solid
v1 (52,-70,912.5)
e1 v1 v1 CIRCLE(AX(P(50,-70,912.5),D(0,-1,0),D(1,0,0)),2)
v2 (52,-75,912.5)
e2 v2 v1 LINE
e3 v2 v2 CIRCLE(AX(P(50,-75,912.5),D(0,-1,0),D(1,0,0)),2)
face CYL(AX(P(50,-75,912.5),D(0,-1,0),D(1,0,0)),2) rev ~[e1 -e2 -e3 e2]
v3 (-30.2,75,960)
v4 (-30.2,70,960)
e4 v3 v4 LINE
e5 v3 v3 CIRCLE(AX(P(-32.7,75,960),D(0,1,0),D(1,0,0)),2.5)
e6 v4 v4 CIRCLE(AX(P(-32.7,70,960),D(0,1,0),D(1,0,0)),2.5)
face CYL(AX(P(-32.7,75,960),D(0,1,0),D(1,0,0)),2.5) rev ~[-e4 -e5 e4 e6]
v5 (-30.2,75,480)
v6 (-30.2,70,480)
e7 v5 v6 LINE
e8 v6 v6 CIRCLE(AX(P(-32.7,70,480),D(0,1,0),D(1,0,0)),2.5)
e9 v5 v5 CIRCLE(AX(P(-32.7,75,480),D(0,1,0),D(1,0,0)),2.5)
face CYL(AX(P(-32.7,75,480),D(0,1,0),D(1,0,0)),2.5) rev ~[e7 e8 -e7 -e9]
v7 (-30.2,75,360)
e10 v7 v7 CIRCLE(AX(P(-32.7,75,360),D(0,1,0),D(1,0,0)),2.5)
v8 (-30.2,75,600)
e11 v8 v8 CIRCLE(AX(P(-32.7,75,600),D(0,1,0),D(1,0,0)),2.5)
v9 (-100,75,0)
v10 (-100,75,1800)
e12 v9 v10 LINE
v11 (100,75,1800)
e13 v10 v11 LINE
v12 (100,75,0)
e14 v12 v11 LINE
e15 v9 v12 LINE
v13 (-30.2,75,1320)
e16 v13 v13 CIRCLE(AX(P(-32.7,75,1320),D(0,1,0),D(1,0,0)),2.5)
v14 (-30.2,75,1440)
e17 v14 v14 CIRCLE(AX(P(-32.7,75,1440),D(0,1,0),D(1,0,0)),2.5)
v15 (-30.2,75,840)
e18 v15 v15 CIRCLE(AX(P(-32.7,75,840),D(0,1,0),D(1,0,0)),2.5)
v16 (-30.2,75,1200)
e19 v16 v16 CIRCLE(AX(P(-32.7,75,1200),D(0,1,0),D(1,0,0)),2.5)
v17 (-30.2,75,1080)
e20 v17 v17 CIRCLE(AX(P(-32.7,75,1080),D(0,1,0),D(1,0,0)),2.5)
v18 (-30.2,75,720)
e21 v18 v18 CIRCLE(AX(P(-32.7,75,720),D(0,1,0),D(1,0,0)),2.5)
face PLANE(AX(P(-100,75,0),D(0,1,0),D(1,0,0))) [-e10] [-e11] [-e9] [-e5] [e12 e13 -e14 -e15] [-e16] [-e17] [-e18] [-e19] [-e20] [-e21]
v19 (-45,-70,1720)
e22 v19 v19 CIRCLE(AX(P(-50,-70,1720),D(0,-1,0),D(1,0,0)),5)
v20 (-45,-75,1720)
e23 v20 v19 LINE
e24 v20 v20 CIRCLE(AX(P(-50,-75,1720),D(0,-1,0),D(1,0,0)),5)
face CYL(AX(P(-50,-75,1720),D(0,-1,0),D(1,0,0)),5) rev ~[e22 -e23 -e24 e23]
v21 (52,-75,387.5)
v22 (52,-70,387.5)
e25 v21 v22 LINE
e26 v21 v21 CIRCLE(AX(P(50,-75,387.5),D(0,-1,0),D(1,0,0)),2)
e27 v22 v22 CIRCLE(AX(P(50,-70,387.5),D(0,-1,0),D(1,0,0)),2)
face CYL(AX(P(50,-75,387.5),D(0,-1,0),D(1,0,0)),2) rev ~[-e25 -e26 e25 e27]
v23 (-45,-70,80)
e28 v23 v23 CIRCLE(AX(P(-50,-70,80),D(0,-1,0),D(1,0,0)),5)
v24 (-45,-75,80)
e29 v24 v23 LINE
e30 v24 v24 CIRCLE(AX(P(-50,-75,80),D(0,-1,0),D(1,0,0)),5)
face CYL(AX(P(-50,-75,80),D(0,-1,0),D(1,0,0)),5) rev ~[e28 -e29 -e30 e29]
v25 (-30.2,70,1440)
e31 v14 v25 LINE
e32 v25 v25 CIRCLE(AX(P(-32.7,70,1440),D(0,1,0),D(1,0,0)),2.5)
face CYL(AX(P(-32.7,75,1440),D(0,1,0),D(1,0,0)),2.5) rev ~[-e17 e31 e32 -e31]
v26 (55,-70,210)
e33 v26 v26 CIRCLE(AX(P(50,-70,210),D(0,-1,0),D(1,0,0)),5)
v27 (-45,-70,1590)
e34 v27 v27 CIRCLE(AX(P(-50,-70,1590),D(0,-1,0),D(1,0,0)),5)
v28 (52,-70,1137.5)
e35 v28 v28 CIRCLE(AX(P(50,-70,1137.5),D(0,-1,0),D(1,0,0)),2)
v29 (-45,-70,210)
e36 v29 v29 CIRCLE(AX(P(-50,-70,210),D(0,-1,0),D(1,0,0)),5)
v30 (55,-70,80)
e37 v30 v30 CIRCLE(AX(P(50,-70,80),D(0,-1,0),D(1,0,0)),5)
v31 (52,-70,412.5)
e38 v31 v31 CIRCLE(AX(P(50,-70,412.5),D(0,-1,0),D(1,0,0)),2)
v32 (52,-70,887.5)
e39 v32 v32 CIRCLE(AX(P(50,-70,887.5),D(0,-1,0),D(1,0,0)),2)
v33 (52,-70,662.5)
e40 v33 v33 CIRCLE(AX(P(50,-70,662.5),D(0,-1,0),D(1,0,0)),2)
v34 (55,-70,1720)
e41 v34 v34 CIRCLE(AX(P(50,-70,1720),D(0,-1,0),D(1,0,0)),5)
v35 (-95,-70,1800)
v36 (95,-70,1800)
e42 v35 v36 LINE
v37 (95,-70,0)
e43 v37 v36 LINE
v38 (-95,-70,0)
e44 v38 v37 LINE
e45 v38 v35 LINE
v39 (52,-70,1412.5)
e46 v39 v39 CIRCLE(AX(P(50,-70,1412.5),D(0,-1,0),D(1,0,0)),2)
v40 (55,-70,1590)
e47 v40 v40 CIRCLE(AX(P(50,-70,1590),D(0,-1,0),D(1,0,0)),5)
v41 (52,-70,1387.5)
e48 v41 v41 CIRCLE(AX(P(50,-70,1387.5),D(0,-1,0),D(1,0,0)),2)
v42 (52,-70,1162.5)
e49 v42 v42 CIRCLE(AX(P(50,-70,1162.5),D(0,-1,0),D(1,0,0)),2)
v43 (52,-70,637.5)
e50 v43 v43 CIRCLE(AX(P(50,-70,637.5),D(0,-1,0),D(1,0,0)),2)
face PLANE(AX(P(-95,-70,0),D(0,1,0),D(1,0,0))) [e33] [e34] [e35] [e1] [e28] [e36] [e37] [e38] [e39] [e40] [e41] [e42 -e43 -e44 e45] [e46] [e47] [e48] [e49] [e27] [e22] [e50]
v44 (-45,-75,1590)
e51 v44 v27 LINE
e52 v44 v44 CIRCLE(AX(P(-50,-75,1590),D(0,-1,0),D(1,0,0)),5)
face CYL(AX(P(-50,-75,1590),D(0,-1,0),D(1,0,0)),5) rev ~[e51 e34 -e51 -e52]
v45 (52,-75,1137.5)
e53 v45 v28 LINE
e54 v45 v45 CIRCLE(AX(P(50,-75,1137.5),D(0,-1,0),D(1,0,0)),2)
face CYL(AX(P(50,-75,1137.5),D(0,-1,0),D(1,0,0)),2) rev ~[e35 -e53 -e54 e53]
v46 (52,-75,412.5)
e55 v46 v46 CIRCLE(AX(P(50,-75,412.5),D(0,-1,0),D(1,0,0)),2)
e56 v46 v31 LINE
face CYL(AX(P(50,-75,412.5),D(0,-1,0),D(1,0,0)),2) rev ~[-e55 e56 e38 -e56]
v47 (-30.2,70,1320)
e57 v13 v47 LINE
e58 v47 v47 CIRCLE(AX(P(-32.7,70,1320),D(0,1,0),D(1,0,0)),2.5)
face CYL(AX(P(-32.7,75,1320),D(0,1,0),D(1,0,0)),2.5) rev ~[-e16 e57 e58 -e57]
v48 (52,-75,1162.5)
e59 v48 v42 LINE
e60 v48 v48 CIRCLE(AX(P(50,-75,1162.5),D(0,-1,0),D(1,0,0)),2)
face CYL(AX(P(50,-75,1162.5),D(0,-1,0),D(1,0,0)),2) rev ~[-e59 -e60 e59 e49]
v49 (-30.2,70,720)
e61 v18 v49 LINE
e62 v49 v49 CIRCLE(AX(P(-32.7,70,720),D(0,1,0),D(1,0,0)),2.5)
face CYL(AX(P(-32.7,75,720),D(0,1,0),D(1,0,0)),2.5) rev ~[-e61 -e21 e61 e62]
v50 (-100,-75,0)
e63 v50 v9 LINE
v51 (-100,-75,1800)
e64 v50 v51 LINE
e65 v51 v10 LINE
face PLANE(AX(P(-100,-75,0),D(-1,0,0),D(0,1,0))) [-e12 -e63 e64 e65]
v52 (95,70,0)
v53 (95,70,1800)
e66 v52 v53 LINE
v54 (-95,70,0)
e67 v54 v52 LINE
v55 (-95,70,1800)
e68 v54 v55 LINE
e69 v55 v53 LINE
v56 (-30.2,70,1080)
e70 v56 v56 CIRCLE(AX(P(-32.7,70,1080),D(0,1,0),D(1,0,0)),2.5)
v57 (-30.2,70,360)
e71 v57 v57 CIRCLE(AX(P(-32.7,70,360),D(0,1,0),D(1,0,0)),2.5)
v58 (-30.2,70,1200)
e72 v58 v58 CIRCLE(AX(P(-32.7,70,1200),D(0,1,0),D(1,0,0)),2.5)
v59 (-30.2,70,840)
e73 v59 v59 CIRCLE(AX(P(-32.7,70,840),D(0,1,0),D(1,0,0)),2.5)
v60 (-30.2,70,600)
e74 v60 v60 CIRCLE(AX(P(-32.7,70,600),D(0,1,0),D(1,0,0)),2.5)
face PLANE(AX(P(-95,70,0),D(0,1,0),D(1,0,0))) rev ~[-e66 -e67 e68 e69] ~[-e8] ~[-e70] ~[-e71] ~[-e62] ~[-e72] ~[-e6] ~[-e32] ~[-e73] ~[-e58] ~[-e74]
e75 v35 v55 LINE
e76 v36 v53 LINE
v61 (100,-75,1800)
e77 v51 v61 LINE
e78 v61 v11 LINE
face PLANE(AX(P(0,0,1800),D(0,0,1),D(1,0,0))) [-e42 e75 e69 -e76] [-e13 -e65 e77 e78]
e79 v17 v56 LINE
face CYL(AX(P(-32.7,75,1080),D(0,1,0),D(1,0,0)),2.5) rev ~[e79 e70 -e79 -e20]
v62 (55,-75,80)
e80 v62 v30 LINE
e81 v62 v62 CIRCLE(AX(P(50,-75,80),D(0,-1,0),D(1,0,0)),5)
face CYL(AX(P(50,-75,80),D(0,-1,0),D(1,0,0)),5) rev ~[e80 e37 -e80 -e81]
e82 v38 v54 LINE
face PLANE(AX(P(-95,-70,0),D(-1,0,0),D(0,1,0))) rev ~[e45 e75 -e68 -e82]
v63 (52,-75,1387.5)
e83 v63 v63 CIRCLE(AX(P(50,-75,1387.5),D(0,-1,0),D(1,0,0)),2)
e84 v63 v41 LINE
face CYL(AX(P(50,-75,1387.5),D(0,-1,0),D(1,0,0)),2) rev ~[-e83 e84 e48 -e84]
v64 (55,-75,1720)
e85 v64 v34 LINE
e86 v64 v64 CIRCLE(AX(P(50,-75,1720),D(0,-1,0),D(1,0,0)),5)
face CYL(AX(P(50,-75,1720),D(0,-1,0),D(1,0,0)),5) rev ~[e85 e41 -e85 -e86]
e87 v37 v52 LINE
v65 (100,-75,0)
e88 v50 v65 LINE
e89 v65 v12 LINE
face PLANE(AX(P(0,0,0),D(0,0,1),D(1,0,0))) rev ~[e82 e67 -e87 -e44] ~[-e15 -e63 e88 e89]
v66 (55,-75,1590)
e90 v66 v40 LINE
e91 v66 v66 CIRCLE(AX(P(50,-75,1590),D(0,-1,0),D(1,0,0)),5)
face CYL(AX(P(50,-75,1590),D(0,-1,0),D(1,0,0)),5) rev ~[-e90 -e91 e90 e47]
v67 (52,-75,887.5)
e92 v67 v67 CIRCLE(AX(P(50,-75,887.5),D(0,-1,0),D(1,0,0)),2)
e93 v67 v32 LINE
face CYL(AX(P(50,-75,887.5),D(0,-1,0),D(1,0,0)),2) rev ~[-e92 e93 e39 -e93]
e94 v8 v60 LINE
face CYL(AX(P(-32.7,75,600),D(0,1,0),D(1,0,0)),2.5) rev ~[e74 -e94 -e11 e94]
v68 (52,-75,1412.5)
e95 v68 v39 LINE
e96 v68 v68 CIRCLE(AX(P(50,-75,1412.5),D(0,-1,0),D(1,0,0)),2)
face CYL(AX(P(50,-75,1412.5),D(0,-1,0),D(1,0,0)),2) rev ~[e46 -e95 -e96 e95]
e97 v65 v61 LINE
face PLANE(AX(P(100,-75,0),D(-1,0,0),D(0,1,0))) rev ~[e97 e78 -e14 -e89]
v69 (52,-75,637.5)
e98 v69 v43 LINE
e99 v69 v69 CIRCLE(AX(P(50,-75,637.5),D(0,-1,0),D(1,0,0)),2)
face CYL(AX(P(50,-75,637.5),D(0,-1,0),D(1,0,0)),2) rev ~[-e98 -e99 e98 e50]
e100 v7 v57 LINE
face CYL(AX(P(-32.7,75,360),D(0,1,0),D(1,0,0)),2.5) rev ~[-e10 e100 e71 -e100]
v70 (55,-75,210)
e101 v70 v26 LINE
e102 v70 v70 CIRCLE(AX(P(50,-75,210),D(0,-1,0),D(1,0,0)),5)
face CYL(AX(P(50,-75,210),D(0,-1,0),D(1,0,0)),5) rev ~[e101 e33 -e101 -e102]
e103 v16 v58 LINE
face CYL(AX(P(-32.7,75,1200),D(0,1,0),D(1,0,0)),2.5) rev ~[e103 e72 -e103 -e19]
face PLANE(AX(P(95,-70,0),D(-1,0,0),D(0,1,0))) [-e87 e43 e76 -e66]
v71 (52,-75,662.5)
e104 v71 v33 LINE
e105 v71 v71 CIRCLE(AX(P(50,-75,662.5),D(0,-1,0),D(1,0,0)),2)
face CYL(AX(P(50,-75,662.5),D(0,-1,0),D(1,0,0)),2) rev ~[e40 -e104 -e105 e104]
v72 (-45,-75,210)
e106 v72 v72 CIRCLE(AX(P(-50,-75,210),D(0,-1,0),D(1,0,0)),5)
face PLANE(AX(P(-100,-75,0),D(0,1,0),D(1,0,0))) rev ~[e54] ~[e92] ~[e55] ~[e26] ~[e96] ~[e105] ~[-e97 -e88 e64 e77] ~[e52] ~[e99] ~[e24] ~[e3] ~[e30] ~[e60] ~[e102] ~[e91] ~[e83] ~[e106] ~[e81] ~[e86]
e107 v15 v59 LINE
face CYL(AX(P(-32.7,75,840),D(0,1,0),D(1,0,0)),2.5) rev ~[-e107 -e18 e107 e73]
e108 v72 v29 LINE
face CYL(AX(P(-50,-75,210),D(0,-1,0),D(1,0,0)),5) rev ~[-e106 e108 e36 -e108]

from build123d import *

# Parameters (mm, degrees)
SKETCH2_W           = 200
SKETCH2_H           = 150
SKETCH2_W_2         = 190
SKETCH2_H_2         = 140
BOSS_EXTRUDE1_DEPTH = 1800
SKETCH5_R           = 2.5
CUT_EXTRUDE3_DEPTH  = 10
SKETCH6_R           = 5
SKETCH6_R_2         = 2
CUT_EXTRUDE4_DEPTH  = 5


with BuildPart() as part:
    # Sketch2 → Boss-Extrude1 (new body)
    with BuildSketch(Plane.XY):
        Rectangle(SKETCH2_W, SKETCH2_H)
        Rectangle(SKETCH2_W_2, SKETCH2_H_2, mode=Mode.SUBTRACT)
    extrude(amount=BOSS_EXTRUDE1_DEPTH)

    # Sketch5 → Cut-Extrude3 (cut)
    with BuildSketch(Plane(origin=(0, 75, 0), x_dir=(1, 0, 0), z_dir=(0, 1, 0))):
        with Locations((-32.7, -360)):
            Circle(SKETCH5_R)
        with Locations((-32.7, -480)):
            Circle(SKETCH5_R)
        with Locations((-32.7, -600)):
            Circle(SKETCH5_R)
        with Locations((-32.7, -720)):
            Circle(SKETCH5_R)
        with Locations((-32.7, -840)):
            Circle(SKETCH5_R)
        with Locations((-32.7, -960)):
            Circle(SKETCH5_R)
        with Locations((-32.7, -1080)):
            Circle(SKETCH5_R)
        with Locations((-32.7, -1200)):
            Circle(SKETCH5_R)
        with Locations((-32.7, -1320)):
            Circle(SKETCH5_R)
        with Locations((-32.7, -1440)):
            Circle(SKETCH5_R)
    extrude(amount=-CUT_EXTRUDE3_DEPTH, mode=Mode.SUBTRACT)

    # Sketch6 → Cut-Extrude4 (cut)
    with BuildSketch(Plane.XZ.offset(75)):
        with Locations((-50, 1720)):
            Circle(SKETCH6_R)
        with Locations((50, 1720)):
            Circle(SKETCH6_R)
        with Locations((50, 1590)):
            Circle(SKETCH6_R)
        with Locations((-50, 1590)):
            Circle(SKETCH6_R)
        with Locations((50, 1412.5)):
            Circle(SKETCH6_R_2)
        with Locations((50, 1387.5)):
            Circle(SKETCH6_R_2)
        with Locations((50, 1162.5)):
            Circle(SKETCH6_R_2)
        with Locations((50, 1137.5)):
            Circle(SKETCH6_R_2)
        with Locations((50, 912.5)):
            Circle(SKETCH6_R_2)
        with Locations((50, 887.5)):
            Circle(SKETCH6_R_2)
        with Locations((50, 662.5)):
            Circle(SKETCH6_R_2)
        with Locations((50, 637.5)):
            Circle(SKETCH6_R_2)
        with Locations((50, 412.5)):
            Circle(SKETCH6_R_2)
        with Locations((50, 387.5)):
            Circle(SKETCH6_R_2)
        with Locations((-50, 210)):
            Circle(SKETCH6_R)
        with Locations((50, 210)):
            Circle(SKETCH6_R)
        with Locations((50, 80)):
            Circle(SKETCH6_R)
        with Locations((-50, 80)):
            Circle(SKETCH6_R)
    extrude(amount=-CUT_EXTRUDE4_DEPTH, mode=Mode.SUBTRACT)


solid = part.part
